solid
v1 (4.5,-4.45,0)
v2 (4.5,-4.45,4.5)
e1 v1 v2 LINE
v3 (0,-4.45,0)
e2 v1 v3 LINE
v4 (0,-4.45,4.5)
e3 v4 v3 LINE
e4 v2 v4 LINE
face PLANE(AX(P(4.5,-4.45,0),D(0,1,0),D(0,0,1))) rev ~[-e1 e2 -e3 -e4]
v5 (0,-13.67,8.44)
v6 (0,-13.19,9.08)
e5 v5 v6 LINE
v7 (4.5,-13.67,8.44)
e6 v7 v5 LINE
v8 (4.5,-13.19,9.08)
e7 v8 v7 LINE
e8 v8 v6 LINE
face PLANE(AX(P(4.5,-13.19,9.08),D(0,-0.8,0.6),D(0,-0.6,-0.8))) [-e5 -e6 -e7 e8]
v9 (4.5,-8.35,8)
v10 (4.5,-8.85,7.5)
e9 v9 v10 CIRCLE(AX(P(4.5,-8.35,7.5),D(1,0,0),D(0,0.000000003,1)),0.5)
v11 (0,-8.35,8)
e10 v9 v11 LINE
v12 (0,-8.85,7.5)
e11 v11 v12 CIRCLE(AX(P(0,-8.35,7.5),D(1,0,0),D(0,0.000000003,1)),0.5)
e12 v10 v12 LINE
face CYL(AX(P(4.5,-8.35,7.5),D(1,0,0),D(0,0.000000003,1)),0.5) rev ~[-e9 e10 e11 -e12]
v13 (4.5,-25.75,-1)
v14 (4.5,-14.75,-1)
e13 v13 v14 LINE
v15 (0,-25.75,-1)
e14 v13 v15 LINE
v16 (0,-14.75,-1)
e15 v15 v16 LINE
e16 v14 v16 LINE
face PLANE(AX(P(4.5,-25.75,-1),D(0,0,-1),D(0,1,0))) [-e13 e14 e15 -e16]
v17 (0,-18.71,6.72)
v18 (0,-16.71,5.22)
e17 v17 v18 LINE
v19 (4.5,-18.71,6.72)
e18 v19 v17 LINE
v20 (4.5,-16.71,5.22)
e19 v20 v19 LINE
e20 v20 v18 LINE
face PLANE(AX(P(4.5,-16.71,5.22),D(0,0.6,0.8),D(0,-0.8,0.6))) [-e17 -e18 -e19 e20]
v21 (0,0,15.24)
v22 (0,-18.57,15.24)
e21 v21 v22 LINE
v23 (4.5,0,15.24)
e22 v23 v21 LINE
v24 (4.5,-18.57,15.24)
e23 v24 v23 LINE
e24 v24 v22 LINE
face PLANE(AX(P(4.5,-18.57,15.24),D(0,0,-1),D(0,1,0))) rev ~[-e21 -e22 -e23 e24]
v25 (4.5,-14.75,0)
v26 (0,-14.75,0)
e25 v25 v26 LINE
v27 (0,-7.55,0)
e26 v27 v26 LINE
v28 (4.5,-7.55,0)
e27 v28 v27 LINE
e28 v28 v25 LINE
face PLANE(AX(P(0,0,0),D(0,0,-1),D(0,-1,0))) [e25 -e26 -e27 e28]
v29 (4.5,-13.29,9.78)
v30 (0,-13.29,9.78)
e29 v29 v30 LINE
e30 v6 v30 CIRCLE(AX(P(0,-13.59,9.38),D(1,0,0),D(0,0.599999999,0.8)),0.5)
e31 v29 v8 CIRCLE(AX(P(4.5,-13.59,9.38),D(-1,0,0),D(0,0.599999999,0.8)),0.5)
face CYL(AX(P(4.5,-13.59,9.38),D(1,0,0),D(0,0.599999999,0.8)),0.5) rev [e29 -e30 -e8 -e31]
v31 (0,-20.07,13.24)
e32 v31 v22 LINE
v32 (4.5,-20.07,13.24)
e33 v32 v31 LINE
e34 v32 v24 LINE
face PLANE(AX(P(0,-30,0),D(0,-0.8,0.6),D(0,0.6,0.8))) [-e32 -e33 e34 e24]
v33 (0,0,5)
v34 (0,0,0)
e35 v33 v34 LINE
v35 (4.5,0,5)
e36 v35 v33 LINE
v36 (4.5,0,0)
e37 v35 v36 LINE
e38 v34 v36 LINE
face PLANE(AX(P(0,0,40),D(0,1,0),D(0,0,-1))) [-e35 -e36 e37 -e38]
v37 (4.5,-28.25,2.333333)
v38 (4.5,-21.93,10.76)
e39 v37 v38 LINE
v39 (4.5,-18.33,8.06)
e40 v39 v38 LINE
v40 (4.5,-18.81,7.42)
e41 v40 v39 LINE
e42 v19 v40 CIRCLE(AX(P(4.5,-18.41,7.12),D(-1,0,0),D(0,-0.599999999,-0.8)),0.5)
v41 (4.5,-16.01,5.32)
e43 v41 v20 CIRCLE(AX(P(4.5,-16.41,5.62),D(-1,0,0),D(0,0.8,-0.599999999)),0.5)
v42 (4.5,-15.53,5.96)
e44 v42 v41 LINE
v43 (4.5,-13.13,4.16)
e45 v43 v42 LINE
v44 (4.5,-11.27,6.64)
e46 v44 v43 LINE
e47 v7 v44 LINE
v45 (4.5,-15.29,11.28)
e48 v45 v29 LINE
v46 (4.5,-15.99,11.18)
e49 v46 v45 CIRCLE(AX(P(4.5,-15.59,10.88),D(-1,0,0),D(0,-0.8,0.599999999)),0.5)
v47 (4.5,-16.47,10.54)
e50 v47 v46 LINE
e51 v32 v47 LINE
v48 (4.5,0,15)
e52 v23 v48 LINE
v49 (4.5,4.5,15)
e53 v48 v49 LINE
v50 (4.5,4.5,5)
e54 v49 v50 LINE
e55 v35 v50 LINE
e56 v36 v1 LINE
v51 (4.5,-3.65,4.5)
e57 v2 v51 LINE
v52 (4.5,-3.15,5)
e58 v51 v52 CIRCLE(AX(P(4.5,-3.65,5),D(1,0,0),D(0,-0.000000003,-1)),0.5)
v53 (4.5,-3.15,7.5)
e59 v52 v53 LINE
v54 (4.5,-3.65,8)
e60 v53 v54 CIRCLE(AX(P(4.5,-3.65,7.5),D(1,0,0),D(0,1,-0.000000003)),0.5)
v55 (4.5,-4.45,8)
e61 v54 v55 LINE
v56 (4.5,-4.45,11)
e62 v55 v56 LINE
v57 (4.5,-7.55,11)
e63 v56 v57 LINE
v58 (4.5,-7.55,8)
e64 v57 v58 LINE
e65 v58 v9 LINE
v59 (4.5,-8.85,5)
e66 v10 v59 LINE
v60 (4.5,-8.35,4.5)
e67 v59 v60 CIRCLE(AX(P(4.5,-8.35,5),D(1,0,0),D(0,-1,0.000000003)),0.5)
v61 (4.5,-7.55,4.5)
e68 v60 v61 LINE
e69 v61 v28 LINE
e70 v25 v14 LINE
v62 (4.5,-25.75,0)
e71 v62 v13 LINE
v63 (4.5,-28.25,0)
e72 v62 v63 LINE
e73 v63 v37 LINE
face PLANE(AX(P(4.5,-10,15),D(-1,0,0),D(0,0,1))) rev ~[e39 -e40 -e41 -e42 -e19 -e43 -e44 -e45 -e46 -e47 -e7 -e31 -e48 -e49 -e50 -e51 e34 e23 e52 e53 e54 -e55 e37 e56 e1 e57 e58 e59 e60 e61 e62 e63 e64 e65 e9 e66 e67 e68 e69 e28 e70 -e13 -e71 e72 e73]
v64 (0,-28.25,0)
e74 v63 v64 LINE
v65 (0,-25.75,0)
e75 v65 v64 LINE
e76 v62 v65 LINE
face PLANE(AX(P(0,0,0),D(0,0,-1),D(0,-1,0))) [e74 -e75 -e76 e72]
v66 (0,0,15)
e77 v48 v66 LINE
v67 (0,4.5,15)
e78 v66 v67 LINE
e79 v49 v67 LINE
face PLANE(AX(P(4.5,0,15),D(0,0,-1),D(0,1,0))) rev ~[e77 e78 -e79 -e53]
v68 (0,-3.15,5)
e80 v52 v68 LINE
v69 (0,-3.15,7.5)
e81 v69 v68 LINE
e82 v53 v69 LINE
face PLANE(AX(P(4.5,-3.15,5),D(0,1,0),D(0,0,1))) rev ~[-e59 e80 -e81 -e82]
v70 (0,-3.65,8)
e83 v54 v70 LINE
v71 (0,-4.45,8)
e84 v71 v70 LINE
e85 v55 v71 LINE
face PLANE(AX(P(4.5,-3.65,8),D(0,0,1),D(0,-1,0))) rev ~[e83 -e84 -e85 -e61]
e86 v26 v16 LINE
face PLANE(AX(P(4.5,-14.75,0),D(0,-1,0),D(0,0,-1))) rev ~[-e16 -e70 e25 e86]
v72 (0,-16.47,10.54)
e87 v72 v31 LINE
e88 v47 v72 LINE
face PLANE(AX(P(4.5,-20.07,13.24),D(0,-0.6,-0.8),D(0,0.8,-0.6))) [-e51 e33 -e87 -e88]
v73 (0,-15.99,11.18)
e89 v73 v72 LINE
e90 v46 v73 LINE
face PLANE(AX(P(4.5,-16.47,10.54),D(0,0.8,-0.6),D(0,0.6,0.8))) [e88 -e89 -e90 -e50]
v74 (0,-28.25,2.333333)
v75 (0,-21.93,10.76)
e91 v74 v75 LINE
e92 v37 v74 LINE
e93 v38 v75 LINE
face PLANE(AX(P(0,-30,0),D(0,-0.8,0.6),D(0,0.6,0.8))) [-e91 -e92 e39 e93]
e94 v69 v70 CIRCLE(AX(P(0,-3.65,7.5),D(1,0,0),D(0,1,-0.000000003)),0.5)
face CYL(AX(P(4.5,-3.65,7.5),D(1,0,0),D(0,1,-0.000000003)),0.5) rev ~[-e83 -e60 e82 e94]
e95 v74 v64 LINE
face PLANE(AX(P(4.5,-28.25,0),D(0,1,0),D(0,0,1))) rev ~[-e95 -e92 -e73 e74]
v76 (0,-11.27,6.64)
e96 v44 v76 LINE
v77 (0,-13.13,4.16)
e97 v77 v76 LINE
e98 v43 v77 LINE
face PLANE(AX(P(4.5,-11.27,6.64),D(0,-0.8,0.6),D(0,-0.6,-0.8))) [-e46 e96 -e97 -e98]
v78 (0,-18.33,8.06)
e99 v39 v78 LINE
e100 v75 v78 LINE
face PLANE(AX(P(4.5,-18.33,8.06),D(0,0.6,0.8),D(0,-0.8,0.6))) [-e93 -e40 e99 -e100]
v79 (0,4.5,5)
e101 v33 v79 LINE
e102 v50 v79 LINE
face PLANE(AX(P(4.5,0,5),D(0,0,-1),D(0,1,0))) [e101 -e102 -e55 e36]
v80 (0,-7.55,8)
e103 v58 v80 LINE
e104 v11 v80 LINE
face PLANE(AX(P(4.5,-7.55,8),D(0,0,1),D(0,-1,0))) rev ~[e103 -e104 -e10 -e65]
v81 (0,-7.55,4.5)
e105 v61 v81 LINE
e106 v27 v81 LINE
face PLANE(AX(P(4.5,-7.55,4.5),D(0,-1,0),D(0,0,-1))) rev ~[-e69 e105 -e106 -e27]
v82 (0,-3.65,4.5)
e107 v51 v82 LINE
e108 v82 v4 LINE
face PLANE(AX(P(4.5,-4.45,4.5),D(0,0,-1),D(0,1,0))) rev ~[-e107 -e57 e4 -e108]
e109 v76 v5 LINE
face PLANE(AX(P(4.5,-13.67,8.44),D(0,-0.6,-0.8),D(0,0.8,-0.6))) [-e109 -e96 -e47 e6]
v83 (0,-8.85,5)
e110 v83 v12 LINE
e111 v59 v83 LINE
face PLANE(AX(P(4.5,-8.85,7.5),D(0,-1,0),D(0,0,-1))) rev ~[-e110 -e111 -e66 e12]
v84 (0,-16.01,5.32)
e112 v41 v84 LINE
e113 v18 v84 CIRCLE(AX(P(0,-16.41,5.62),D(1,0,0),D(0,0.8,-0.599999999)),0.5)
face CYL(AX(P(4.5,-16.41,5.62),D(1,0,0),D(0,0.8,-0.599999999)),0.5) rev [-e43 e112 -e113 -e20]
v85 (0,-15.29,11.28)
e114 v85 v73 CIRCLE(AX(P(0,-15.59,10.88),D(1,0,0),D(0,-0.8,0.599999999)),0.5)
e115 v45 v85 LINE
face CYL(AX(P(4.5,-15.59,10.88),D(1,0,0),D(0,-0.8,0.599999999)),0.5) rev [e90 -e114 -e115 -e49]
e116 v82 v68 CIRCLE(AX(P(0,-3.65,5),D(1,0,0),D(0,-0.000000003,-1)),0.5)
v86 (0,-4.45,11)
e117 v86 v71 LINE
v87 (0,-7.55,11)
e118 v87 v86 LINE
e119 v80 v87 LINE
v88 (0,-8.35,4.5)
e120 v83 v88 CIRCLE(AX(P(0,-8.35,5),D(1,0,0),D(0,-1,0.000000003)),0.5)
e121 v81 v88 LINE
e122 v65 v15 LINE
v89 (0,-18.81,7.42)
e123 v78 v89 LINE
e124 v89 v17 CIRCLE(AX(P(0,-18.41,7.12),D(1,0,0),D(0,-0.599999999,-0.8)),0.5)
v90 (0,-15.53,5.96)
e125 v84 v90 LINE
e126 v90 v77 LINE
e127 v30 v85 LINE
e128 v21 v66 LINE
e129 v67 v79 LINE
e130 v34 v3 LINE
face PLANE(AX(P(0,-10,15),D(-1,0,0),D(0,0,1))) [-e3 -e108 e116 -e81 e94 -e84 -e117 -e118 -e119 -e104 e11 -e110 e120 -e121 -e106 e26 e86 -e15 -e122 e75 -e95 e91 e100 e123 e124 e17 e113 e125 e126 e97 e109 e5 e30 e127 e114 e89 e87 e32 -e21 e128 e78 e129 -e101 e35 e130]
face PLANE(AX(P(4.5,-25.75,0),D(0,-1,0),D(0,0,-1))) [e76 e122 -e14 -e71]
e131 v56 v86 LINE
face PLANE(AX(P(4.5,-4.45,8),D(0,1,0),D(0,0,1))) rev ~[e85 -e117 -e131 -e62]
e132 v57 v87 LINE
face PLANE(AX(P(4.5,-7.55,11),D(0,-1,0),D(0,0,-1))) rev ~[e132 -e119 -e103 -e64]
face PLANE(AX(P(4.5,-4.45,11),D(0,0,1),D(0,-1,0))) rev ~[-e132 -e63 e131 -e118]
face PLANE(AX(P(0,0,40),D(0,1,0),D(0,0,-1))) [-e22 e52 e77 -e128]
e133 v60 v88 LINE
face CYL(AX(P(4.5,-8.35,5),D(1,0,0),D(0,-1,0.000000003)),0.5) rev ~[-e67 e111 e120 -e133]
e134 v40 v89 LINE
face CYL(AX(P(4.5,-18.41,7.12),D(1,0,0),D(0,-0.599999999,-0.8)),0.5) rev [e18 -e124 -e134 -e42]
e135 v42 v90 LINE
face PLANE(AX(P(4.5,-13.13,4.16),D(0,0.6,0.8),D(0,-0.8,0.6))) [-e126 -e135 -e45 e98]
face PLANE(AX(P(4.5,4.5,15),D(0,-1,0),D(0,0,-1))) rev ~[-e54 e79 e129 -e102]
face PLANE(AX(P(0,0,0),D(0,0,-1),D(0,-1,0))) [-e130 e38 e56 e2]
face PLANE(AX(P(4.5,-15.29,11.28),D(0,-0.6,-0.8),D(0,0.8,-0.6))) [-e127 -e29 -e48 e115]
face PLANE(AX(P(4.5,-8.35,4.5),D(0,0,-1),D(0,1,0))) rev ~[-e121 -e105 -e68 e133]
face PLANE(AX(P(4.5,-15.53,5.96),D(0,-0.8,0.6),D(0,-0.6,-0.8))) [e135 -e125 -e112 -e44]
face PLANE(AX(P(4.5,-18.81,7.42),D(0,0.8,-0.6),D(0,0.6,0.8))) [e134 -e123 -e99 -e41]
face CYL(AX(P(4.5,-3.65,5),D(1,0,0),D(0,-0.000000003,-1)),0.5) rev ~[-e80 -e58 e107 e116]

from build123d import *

# Parameters (mm, degrees)
BOSS_EXTRUDE1_DEPTH = 4.5
SKETCH2_W           = 1
SKETCH2_H           = 11
BOSS_EXTRUDE2_DEPTH = 4.5
CUT_EXTRUDE1_DEPTH  = 51.20209159
CUT_EXTRUDE2_DEPTH  = 51.20209159
CUT_EXTRUDE3_DEPTH  = 51.20209159
SKETCH8_W           = 10
SKETCH8_H           = 4.5
BOSS_EXTRUDE3_DEPTH = 4.5
CUT_EXTRUDE4_DEPTH  = 34.948602328


with BuildPart() as part:
    # Sketch1 → Boss-Extrude1 (new body)
    with BuildSketch(Plane(origin=(0, 0, 0), x_dir=(0, 0, -1), z_dir=(1, 0, 0))):
        Polygon((0, 0), (0, -30), (-40, 0), align=None)
    extrude(amount=BOSS_EXTRUDE1_DEPTH)

    # Sketch2 → Boss-Extrude2 (add, through all)
    with BuildSketch(Plane(origin=(4.5, 0, 0), x_dir=(0, 0, -1), z_dir=(1, 0, 0))):
        with Locations((0.5, -20.25)):
            Rectangle(SKETCH2_W, SKETCH2_H)
    extrude(amount=-BOSS_EXTRUDE2_DEPTH)

    # Sketch3 → Cut-Extrude1 (cut, through all)
    with BuildSketch(Plane(origin=(4.5, 0, 0), x_dir=(0, 0, -1), z_dir=(1, 0, 0))):
        with BuildLine():
            Line((0, -4.45), (-4.5, -4.45))
            Line((-4.5, -4.45), (-4.5, -3.65))
            ThreePointArc((-4.5, -3.65), (-4.646446609, -3.296446609), (-5, -3.15))
            Line((-5, -3.15), (-7.5, -3.15))
            ThreePointArc((-7.5, -3.15), (-7.853553391, -3.296446609), (-8, -3.65))
            Line((-8, -3.65), (-8, -4.45))
            Line((-8, -4.45), (-11, -4.45))
            Line((-11, -4.45), (-11, -7.55))
            Line((-11, -7.55), (-8, -7.55))
            Line((-8, -7.55), (-8, -8.35))
            ThreePointArc((-8, -8.35), (-7.853553391, -8.703553391), (-7.5, -8.85))
            Line((-7.5, -8.85), (-5, -8.85))
            ThreePointArc((-5, -8.85), (-4.646446609, -8.703553391), (-4.5, -8.35))
            Line((-4.5, -8.35), (-4.5, -7.55))
            Line((-4.5, -7.55), (0, -7.55))
            Line((0, -7.55), (0, -4.45))
        make_face()
    extrude(amount=-CUT_EXTRUDE1_DEPTH, mode=Mode.SUBTRACT)

    # Sketch4 → Cut-Extrude2 (cut, through all)
    with BuildSketch(Plane(origin=(4.5, 0, 0), x_dir=(0, 0, -1), z_dir=(1, 0, 0))):
        with BuildLine():
            Line((-10.76, -21.93), (-13.24, -20.07))
            Line((-13.24, -20.07), (-10.54, -16.47))
            Line((-10.54, -16.47), (-11.18, -15.99))
            ThreePointArc((-11.18, -15.99), (-11.374974747, -15.660710678), (-11.28, -15.29))
            Line((-11.28, -15.29), (-9.78, -13.29))
            ThreePointArc((-9.78, -13.29), (-9.450710678, -13.095025253), (-9.08, -13.19))
            Line((-9.08, -13.19), (-8.44, -13.67))
            Line((-8.44, -13.67), (-6.64, -11.27))
            Line((-6.64, -11.27), (-4.16, -13.13))
            Line((-4.16, -13.13), (-5.96, -15.53))
            Line((-5.96, -15.53), (-5.32, -16.01))
            ThreePointArc((-5.32, -16.01), (-5.125025253, -16.339289322), (-5.22, -16.71))
            Line((-5.22, -16.71), (-6.72, -18.71))
            ThreePointArc((-6.72, -18.71), (-7.049289322, -18.904974747), (-7.42, -18.81))
            Line((-7.42, -18.81), (-8.06, -18.33))
            Line((-8.06, -18.33), (-10.76, -21.93))
        make_face()
    extrude(amount=-CUT_EXTRUDE2_DEPTH, mode=Mode.SUBTRACT)

    # Sketch5 → Cut-Extrude3 (cut, through all)
    with BuildSketch(Plane(origin=(4.5, 0, 0), x_dir=(0, 0, -1), z_dir=(1, 0, 0))):
        Polygon((-15.24, -18.57), (-15.24, 0), (-40, 0), align=None)
    extrude(amount=-CUT_EXTRUDE3_DEPTH, mode=Mode.SUBTRACT)

    # Sketch8 → Boss-Extrude3 (add, through all)
    with BuildSketch(Plane(origin=(4.5, 0, 0), x_dir=(0, 0, -1), z_dir=(1, 0, 0))):
        with Locations((-10, 2.25)):
            Rectangle(SKETCH8_W, SKETCH8_H)
    extrude(amount=-BOSS_EXTRUDE3_DEPTH)

    # Sketch10 → Cut-Extrude4 (cut, through all)
    with BuildSketch(Plane(origin=(4.5, 0, 0), x_dir=(0, 0, -1), z_dir=(1, 0, 0))):
        Polygon((0, -28.25), (-2.333333333, -28.25), (0, -30), align=None)
    extrude(amount=-CUT_EXTRUDE4_DEPTH, mode=Mode.SUBTRACT)


solid = part.part
